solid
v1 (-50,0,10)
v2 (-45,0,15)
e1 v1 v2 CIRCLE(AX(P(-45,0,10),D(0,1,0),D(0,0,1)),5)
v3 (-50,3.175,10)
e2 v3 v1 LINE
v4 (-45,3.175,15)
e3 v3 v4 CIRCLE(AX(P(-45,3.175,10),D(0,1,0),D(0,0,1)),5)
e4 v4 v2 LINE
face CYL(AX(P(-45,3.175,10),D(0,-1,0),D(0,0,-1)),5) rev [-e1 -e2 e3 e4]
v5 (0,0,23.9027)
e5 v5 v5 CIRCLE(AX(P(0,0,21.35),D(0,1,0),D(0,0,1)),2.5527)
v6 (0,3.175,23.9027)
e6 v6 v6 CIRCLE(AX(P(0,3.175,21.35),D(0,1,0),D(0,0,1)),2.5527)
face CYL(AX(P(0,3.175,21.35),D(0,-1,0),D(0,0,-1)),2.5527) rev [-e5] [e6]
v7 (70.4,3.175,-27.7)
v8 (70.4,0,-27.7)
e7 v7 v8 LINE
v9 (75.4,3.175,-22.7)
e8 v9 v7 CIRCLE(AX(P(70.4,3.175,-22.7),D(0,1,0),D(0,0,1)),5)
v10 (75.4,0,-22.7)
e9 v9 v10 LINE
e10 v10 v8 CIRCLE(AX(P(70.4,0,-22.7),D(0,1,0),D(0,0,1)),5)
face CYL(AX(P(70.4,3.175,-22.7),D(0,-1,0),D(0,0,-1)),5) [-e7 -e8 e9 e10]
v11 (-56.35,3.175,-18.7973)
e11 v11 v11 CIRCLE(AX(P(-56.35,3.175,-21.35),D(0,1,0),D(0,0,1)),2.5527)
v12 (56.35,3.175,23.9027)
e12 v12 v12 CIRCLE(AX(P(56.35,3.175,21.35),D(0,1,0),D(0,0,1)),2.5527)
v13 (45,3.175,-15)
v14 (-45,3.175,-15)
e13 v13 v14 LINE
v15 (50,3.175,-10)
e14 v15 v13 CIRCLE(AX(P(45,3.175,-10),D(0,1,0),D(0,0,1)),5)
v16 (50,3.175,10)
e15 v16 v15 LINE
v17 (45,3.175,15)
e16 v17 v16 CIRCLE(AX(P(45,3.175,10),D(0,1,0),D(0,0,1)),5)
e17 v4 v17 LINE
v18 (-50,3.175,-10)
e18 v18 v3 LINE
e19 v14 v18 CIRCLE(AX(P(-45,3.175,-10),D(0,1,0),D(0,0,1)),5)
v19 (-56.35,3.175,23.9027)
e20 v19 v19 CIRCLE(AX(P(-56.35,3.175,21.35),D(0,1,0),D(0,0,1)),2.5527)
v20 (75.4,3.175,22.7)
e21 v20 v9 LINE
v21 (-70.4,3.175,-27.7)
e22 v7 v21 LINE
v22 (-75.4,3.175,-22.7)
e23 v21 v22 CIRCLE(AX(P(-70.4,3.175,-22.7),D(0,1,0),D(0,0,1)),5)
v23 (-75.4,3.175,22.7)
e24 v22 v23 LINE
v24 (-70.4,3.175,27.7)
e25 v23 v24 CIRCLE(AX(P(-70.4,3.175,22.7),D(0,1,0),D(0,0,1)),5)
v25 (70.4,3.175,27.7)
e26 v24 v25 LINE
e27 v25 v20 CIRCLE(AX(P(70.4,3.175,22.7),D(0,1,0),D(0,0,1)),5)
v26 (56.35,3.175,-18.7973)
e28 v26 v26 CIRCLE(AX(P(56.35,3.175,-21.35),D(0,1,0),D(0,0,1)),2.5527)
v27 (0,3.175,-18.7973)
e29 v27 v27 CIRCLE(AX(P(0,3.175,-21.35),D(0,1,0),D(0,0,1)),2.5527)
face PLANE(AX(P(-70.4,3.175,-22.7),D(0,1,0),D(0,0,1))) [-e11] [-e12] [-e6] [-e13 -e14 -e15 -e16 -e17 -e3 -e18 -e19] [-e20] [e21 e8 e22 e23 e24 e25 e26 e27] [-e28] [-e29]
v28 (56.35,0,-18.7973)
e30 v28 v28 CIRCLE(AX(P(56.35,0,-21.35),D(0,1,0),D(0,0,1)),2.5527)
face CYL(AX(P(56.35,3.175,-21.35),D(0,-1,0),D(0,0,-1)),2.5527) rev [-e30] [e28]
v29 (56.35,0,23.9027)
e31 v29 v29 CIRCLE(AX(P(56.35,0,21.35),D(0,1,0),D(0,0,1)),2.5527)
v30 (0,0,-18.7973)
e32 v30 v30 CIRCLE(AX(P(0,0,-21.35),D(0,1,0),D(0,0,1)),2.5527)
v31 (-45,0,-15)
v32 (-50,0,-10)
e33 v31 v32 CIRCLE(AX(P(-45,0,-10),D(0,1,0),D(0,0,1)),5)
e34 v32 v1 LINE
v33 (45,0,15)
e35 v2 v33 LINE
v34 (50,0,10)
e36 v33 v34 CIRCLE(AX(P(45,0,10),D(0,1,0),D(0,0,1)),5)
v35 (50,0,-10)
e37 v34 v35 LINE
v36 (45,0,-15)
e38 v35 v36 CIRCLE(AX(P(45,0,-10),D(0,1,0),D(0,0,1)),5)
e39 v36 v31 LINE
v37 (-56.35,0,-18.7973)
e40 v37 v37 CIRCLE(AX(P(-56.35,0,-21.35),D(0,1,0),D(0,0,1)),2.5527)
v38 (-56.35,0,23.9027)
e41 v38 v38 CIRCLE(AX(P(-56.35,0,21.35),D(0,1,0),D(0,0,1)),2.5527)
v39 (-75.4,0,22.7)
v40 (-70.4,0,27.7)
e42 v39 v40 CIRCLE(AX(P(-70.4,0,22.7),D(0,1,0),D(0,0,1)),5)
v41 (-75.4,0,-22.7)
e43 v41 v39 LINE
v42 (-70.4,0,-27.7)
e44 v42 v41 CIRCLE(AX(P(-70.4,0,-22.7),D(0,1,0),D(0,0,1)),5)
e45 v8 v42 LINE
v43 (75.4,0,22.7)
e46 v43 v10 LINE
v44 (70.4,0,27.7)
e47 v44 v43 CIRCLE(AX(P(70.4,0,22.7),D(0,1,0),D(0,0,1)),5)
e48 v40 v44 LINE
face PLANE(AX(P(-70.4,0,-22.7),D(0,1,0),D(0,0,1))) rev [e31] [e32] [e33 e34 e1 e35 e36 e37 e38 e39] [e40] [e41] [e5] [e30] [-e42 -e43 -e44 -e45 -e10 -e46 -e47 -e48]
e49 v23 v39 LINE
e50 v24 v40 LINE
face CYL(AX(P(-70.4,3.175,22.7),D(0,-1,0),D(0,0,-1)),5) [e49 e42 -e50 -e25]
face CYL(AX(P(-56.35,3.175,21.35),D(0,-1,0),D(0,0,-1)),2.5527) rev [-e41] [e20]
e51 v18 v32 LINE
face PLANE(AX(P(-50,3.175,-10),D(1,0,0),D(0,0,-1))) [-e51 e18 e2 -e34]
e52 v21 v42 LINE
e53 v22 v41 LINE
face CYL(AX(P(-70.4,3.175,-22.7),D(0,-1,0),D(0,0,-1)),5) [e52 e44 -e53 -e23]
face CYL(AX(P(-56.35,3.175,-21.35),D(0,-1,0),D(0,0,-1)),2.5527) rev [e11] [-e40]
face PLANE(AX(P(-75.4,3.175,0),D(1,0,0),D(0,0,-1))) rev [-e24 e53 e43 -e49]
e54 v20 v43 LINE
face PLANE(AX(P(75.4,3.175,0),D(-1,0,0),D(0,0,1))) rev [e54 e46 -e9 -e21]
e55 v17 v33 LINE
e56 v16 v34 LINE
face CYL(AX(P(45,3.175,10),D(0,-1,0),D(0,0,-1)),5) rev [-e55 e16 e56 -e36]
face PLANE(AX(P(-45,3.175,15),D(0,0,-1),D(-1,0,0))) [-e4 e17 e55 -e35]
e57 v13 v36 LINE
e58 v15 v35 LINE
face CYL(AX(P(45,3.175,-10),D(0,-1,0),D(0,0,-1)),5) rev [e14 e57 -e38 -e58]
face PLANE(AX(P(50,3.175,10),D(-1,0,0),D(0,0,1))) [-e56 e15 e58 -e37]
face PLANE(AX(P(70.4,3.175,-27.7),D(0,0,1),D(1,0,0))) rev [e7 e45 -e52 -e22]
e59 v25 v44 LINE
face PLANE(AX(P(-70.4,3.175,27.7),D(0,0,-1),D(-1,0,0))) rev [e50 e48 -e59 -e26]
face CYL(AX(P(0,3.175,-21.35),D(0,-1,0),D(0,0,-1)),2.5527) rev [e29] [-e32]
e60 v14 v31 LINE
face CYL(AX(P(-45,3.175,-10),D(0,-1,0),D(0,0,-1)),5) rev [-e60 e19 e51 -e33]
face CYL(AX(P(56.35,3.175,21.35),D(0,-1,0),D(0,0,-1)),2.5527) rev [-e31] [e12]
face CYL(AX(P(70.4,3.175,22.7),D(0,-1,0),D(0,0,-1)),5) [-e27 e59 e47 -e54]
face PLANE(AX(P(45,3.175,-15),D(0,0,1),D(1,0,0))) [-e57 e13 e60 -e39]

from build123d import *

# Parameters (mm, degrees)
SKETCH1_R           = 2.5527
BOSS_EXTRUDE1_DEPTH = 3.175


with BuildPart() as part:
    # Sketch1 → Boss-Extrude1 (new body)
    with BuildSketch(Plane(origin=(0, 0, 0), x_dir=(1, 0, 0), z_dir=(0, 1, 0))):
        with BuildLine():
            Line((-75.4, 22.7), (-75.4, 0))
            Line((-75.4, 0), (-75.4, -22.7))
            ThreePointArc((-75.4, -22.7), (-73.935533906, -26.235533906), (-70.4, -27.7))
            Line((-70.4, -27.7), (70.4, -27.7))
            ThreePointArc((70.4, -27.7), (73.935533906, -26.235533906), (75.4, -22.7))
            Line((75.4, -22.7), (75.4, 0))
            Line((75.4, 0), (75.4, 22.7))
            ThreePointArc((75.4, 22.7), (73.935533906, 26.235533906), (70.4, 27.7))
            Line((70.4, 27.7), (-70.4, 27.7))
            ThreePointArc((-70.4, 27.7), (-73.935533906, 26.235533906), (-75.4, 22.7))
        make_face()
        with Locations(Location((-56.35, -21.35, 0), (0, 0, 270))):
            Circle(SKETCH1_R, mode=Mode.SUBTRACT)
        with Locations(Location((0, -21.35, 0), (0, 0, 270))):
            Circle(SKETCH1_R, mode=Mode.SUBTRACT)
        with Locations(Location((56.35, -21.35, 0), (0, 0, 270))):
            Circle(SKETCH1_R, mode=Mode.SUBTRACT)
        with Locations(Location((56.35, 21.35, 0), (0, 0, 270))):
            Circle(SKETCH1_R, mode=Mode.SUBTRACT)
        with Locations(Location((0, 21.35, 0), (0, 0, 270))):
            Circle(SKETCH1_R, mode=Mode.SUBTRACT)
        with Locations(Location((-56.35, 21.35, 0), (0, 0, 270))):
            Circle(SKETCH1_R, mode=Mode.SUBTRACT)
        with BuildLine():
            Line((45, 15), (-45, 15))
            ThreePointArc((-45, 15), (-48.535533906, 13.535533906), (-50, 10))
            Line((-50, 10), (-50, -10))
            ThreePointArc((-50, -10), (-48.535533906, -13.535533906), (-45, -15))
            Line((-45, -15), (45, -15))
            ThreePointArc((45, -15), (48.535533906, -13.535533906), (50, -10))
            Line((50, -10), (50, 10))
            ThreePointArc((50, 10), (48.535533906, 13.535533906), (45, 15))
        make_face(mode=Mode.SUBTRACT)
    extrude(amount=BOSS_EXTRUDE1_DEPTH)


solid = part.part
